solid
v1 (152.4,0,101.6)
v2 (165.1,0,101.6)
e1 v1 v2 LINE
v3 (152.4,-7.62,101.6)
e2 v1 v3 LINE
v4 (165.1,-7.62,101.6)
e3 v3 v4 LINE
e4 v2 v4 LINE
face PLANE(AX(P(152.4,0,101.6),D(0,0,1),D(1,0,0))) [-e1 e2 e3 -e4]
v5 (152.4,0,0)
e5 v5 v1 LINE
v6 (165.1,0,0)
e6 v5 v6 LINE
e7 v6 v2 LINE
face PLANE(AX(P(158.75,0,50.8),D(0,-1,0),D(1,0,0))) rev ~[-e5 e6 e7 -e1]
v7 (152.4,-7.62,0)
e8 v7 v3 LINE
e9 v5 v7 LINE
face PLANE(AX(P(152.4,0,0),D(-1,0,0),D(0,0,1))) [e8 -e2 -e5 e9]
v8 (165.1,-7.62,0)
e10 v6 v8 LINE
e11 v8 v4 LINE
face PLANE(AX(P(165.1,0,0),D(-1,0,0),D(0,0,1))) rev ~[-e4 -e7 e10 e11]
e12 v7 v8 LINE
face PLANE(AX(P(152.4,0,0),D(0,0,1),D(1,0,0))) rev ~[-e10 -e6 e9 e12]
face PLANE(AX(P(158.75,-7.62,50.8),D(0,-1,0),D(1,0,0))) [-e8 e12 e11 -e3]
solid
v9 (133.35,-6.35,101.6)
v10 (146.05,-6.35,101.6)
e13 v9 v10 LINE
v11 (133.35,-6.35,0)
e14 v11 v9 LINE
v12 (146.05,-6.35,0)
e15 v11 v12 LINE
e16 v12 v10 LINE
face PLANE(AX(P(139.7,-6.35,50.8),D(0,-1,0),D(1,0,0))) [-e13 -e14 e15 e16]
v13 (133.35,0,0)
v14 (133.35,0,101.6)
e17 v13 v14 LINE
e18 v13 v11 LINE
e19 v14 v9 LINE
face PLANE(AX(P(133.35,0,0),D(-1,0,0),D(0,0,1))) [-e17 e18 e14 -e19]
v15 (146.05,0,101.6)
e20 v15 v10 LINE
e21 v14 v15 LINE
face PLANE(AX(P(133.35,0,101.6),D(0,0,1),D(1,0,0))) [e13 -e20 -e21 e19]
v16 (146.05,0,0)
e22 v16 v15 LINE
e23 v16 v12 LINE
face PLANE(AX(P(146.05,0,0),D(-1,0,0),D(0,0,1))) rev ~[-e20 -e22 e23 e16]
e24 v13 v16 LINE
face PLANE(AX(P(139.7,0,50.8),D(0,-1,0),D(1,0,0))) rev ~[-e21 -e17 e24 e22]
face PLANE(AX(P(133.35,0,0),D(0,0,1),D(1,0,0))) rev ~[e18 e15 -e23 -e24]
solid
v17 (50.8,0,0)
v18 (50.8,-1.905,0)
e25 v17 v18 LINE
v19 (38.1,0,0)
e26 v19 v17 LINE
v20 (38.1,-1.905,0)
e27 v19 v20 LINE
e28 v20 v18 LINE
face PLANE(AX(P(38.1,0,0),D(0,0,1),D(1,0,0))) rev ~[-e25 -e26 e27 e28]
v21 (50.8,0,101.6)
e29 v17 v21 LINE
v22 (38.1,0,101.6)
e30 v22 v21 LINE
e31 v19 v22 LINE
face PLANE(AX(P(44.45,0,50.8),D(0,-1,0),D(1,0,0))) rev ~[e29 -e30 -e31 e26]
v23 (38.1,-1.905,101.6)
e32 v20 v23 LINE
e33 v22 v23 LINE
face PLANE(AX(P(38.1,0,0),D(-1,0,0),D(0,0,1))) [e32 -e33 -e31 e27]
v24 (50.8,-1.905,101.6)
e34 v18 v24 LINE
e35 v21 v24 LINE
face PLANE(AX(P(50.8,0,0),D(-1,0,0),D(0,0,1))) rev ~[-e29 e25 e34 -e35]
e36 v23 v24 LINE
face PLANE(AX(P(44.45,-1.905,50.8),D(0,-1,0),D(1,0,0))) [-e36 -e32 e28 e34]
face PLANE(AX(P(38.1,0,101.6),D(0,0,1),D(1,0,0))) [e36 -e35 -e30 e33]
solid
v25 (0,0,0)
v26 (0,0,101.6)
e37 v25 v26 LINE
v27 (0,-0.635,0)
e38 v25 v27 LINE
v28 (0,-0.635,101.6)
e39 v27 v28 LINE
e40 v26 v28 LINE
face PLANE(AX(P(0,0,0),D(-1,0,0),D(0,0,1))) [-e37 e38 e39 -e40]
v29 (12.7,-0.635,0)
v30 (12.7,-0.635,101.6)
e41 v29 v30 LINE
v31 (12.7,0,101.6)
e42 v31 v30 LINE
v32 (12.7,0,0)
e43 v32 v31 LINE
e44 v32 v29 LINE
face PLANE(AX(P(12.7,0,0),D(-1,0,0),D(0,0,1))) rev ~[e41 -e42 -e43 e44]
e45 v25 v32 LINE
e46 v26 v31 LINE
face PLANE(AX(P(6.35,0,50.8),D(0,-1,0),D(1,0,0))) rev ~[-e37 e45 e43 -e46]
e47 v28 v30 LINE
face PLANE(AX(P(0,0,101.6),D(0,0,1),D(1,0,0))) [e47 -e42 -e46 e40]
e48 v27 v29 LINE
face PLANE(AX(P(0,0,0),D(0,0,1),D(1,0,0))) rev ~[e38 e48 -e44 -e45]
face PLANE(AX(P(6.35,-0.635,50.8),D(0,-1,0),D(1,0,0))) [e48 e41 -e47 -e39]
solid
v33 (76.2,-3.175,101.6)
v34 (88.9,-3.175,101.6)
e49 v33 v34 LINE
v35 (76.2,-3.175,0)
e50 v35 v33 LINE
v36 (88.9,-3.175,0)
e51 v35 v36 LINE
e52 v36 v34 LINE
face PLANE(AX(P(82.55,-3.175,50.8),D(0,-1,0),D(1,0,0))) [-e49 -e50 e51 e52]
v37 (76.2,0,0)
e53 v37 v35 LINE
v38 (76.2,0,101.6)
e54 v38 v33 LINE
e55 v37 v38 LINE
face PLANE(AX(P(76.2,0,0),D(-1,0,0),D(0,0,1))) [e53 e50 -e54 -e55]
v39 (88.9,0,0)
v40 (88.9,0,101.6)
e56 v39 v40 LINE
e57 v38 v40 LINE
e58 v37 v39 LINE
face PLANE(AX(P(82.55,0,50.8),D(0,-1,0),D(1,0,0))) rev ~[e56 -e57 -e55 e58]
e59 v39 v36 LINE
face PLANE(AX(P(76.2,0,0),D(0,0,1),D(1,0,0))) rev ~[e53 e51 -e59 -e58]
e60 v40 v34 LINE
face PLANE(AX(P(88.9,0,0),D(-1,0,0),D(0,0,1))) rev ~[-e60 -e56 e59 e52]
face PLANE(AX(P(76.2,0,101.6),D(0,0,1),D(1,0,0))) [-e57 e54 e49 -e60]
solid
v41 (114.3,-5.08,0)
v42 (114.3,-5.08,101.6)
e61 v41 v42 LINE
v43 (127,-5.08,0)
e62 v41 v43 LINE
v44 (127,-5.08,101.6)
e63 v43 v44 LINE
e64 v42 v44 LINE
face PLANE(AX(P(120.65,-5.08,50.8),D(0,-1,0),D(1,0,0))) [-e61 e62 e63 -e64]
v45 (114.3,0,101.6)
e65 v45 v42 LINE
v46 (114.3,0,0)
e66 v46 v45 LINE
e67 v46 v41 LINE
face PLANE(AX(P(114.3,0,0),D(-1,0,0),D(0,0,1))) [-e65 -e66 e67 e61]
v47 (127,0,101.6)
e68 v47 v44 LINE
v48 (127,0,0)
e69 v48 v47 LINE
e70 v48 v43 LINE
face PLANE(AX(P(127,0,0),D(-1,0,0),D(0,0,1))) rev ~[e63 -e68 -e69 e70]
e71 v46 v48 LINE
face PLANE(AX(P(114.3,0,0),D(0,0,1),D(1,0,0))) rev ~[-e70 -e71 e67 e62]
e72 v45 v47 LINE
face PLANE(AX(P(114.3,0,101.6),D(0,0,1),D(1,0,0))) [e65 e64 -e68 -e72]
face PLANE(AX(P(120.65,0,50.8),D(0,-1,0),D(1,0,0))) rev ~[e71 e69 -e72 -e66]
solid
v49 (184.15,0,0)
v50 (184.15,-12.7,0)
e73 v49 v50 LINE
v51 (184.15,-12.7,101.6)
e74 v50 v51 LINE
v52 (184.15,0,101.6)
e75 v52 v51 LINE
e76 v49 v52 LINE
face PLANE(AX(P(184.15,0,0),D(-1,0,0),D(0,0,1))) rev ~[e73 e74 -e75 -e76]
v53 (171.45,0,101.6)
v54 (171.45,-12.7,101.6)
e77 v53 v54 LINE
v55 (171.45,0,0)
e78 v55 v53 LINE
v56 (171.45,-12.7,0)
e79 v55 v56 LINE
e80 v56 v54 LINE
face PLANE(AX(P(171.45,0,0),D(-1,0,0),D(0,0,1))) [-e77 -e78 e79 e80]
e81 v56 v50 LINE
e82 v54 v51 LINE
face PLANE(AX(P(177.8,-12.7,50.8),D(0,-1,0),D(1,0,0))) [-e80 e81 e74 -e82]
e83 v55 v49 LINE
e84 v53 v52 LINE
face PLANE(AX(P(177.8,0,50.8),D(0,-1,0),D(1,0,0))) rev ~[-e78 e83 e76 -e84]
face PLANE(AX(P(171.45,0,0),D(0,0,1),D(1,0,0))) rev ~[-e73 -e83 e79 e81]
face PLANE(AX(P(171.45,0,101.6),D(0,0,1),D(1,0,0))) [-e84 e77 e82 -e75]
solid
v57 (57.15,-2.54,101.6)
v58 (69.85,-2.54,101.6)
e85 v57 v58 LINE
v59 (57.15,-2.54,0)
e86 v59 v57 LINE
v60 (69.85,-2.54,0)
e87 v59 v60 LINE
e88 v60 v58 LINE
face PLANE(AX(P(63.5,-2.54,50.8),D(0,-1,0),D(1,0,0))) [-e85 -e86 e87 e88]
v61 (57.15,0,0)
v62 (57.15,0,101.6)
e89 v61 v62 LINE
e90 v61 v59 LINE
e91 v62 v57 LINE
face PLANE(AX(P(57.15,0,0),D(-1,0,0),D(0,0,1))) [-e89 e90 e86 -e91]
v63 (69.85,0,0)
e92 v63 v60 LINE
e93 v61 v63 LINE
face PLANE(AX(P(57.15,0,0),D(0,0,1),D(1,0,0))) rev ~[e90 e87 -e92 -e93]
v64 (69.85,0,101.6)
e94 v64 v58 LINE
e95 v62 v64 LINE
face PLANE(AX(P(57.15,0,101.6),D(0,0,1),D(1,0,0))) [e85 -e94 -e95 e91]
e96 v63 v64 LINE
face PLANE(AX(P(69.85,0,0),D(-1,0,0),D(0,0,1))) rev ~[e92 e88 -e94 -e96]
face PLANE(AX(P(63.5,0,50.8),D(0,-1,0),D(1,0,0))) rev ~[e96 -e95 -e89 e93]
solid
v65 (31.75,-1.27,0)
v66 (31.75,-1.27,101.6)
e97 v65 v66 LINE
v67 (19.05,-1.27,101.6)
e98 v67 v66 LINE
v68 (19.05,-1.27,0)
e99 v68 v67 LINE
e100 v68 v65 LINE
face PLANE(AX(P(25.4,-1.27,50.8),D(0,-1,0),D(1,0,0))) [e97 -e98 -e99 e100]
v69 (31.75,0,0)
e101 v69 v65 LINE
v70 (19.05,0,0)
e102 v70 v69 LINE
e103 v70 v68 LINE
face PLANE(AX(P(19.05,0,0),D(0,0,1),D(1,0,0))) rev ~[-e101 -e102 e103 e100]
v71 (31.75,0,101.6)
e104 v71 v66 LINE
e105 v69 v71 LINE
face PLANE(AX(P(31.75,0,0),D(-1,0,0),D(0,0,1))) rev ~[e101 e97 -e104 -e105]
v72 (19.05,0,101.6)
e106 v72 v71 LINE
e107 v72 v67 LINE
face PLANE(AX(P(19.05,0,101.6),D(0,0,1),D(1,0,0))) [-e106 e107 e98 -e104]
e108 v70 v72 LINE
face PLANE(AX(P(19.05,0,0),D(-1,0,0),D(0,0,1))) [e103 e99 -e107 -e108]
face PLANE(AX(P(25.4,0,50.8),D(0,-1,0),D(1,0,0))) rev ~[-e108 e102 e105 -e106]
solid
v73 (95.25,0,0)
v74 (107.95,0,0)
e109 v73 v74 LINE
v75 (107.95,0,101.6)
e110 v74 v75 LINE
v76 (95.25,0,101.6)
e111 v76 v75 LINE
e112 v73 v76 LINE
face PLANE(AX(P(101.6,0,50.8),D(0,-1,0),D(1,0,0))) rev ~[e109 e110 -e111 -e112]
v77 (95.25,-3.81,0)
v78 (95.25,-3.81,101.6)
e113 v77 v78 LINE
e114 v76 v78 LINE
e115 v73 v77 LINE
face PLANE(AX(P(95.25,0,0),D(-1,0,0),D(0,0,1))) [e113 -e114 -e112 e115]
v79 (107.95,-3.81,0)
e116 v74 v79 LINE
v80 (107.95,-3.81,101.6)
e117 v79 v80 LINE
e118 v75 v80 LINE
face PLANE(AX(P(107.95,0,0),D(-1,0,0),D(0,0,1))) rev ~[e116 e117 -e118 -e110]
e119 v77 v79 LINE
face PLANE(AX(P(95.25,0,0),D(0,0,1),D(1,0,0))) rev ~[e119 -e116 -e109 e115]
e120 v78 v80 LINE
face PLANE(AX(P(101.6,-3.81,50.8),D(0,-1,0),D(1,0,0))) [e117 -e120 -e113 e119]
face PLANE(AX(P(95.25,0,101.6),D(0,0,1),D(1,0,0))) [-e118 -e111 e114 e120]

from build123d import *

# Parameters (mm, degrees)
F0_W      = 12.7
F0_H      = 101.6
F1_DEPTH  = 0.635
F2_W      = 12.7
F2_H      = 101.6
F3_DEPTH  = 1.27
F4_W      = 12.7
F4_H      = 101.6
F5_DEPTH  = 1.905
F6_W      = 12.7
F6_H      = 101.6
F7_DEPTH  = 2.54
F8_W      = 12.7
F8_H      = 101.6
F9_DEPTH  = 3.175
F10_W     = 12.7
F10_H     = 101.6
F11_DEPTH = 3.81
F12_W     = 12.7
F12_H     = 101.6
F13_DEPTH = 5.08
F14_W     = 12.7
F14_H     = 101.6
F15_DEPTH = 6.35
F16_W     = 12.7
F16_H     = 101.6
F17_DEPTH = 7.62
F18_W     = 12.7
F18_H     = 101.6
F19_DEPTH = 12.7


with BuildPart() as f1:
    # F0 (on Front) → F1 (new body)
    with BuildSketch(Plane.XZ):
        with Locations((6.35, 50.8)):
            Rectangle(F0_W, F0_H)
    extrude(amount=F1_DEPTH)


with BuildPart() as f3:
    # F2 (on Front) → F3 (new body)
    with BuildSketch(Plane.XZ):
        with Locations((25.4, 50.8)):
            Rectangle(F2_W, F2_H)
    extrude(amount=F3_DEPTH)


with BuildPart() as f5:
    # F4 (on Front) → F5 (new body)
    with BuildSketch(Plane.XZ):
        with Locations((44.45, 50.8)):
            Rectangle(F4_W, F4_H)
    extrude(amount=F5_DEPTH)


with BuildPart() as f7:
    # F6 (on Front) → F7 (new body)
    with BuildSketch(Plane.XZ):
        with Locations((63.5, 50.8)):
            Rectangle(F6_W, F6_H)
    extrude(amount=F7_DEPTH)


with BuildPart() as f9:
    # F8 (on Front) → F9 (new body)
    with BuildSketch(Plane.XZ):
        with Locations((82.55, 50.8)):
            Rectangle(F8_W, F8_H)
    extrude(amount=F9_DEPTH)


with BuildPart() as f11:
    # F10 (on Front) → F11 (new body)
    with BuildSketch(Plane.XZ):
        with Locations((101.6, 50.8)):
            Rectangle(F10_W, F10_H)
    extrude(amount=F11_DEPTH)


with BuildPart() as f13:
    # F12 (on Front) → F13 (new body)
    with BuildSketch(Plane.XZ):
        with Locations((120.65, 50.8)):
            Rectangle(F12_W, F12_H)
    extrude(amount=F13_DEPTH)


with BuildPart() as f15:
    # F14 (on Front) → F15 (new body)
    with BuildSketch(Plane.XZ):
        with Locations((139.7, 50.8)):
            Rectangle(F14_W, F14_H)
    extrude(amount=F15_DEPTH)


with BuildPart() as f17:
    # F16 (on Front) → F17 (new body)
    with BuildSketch(Plane.XZ):
        with Locations((158.75, 50.8)):
            Rectangle(F16_W, F16_H)
    extrude(amount=F17_DEPTH)


with BuildPart() as f19:
    # F18 (on Front) → F19 (new body)
    with BuildSketch(Plane.XZ):
        with Locations((177.8, 50.8)):
            Rectangle(F18_W, F18_H)
    extrude(amount=F19_DEPTH)


solid = Compound([f1.part, f3.part, f5.part, f7.part, f9.part, f11.part, f13.part, f15.part, f17.part, f19.part])
